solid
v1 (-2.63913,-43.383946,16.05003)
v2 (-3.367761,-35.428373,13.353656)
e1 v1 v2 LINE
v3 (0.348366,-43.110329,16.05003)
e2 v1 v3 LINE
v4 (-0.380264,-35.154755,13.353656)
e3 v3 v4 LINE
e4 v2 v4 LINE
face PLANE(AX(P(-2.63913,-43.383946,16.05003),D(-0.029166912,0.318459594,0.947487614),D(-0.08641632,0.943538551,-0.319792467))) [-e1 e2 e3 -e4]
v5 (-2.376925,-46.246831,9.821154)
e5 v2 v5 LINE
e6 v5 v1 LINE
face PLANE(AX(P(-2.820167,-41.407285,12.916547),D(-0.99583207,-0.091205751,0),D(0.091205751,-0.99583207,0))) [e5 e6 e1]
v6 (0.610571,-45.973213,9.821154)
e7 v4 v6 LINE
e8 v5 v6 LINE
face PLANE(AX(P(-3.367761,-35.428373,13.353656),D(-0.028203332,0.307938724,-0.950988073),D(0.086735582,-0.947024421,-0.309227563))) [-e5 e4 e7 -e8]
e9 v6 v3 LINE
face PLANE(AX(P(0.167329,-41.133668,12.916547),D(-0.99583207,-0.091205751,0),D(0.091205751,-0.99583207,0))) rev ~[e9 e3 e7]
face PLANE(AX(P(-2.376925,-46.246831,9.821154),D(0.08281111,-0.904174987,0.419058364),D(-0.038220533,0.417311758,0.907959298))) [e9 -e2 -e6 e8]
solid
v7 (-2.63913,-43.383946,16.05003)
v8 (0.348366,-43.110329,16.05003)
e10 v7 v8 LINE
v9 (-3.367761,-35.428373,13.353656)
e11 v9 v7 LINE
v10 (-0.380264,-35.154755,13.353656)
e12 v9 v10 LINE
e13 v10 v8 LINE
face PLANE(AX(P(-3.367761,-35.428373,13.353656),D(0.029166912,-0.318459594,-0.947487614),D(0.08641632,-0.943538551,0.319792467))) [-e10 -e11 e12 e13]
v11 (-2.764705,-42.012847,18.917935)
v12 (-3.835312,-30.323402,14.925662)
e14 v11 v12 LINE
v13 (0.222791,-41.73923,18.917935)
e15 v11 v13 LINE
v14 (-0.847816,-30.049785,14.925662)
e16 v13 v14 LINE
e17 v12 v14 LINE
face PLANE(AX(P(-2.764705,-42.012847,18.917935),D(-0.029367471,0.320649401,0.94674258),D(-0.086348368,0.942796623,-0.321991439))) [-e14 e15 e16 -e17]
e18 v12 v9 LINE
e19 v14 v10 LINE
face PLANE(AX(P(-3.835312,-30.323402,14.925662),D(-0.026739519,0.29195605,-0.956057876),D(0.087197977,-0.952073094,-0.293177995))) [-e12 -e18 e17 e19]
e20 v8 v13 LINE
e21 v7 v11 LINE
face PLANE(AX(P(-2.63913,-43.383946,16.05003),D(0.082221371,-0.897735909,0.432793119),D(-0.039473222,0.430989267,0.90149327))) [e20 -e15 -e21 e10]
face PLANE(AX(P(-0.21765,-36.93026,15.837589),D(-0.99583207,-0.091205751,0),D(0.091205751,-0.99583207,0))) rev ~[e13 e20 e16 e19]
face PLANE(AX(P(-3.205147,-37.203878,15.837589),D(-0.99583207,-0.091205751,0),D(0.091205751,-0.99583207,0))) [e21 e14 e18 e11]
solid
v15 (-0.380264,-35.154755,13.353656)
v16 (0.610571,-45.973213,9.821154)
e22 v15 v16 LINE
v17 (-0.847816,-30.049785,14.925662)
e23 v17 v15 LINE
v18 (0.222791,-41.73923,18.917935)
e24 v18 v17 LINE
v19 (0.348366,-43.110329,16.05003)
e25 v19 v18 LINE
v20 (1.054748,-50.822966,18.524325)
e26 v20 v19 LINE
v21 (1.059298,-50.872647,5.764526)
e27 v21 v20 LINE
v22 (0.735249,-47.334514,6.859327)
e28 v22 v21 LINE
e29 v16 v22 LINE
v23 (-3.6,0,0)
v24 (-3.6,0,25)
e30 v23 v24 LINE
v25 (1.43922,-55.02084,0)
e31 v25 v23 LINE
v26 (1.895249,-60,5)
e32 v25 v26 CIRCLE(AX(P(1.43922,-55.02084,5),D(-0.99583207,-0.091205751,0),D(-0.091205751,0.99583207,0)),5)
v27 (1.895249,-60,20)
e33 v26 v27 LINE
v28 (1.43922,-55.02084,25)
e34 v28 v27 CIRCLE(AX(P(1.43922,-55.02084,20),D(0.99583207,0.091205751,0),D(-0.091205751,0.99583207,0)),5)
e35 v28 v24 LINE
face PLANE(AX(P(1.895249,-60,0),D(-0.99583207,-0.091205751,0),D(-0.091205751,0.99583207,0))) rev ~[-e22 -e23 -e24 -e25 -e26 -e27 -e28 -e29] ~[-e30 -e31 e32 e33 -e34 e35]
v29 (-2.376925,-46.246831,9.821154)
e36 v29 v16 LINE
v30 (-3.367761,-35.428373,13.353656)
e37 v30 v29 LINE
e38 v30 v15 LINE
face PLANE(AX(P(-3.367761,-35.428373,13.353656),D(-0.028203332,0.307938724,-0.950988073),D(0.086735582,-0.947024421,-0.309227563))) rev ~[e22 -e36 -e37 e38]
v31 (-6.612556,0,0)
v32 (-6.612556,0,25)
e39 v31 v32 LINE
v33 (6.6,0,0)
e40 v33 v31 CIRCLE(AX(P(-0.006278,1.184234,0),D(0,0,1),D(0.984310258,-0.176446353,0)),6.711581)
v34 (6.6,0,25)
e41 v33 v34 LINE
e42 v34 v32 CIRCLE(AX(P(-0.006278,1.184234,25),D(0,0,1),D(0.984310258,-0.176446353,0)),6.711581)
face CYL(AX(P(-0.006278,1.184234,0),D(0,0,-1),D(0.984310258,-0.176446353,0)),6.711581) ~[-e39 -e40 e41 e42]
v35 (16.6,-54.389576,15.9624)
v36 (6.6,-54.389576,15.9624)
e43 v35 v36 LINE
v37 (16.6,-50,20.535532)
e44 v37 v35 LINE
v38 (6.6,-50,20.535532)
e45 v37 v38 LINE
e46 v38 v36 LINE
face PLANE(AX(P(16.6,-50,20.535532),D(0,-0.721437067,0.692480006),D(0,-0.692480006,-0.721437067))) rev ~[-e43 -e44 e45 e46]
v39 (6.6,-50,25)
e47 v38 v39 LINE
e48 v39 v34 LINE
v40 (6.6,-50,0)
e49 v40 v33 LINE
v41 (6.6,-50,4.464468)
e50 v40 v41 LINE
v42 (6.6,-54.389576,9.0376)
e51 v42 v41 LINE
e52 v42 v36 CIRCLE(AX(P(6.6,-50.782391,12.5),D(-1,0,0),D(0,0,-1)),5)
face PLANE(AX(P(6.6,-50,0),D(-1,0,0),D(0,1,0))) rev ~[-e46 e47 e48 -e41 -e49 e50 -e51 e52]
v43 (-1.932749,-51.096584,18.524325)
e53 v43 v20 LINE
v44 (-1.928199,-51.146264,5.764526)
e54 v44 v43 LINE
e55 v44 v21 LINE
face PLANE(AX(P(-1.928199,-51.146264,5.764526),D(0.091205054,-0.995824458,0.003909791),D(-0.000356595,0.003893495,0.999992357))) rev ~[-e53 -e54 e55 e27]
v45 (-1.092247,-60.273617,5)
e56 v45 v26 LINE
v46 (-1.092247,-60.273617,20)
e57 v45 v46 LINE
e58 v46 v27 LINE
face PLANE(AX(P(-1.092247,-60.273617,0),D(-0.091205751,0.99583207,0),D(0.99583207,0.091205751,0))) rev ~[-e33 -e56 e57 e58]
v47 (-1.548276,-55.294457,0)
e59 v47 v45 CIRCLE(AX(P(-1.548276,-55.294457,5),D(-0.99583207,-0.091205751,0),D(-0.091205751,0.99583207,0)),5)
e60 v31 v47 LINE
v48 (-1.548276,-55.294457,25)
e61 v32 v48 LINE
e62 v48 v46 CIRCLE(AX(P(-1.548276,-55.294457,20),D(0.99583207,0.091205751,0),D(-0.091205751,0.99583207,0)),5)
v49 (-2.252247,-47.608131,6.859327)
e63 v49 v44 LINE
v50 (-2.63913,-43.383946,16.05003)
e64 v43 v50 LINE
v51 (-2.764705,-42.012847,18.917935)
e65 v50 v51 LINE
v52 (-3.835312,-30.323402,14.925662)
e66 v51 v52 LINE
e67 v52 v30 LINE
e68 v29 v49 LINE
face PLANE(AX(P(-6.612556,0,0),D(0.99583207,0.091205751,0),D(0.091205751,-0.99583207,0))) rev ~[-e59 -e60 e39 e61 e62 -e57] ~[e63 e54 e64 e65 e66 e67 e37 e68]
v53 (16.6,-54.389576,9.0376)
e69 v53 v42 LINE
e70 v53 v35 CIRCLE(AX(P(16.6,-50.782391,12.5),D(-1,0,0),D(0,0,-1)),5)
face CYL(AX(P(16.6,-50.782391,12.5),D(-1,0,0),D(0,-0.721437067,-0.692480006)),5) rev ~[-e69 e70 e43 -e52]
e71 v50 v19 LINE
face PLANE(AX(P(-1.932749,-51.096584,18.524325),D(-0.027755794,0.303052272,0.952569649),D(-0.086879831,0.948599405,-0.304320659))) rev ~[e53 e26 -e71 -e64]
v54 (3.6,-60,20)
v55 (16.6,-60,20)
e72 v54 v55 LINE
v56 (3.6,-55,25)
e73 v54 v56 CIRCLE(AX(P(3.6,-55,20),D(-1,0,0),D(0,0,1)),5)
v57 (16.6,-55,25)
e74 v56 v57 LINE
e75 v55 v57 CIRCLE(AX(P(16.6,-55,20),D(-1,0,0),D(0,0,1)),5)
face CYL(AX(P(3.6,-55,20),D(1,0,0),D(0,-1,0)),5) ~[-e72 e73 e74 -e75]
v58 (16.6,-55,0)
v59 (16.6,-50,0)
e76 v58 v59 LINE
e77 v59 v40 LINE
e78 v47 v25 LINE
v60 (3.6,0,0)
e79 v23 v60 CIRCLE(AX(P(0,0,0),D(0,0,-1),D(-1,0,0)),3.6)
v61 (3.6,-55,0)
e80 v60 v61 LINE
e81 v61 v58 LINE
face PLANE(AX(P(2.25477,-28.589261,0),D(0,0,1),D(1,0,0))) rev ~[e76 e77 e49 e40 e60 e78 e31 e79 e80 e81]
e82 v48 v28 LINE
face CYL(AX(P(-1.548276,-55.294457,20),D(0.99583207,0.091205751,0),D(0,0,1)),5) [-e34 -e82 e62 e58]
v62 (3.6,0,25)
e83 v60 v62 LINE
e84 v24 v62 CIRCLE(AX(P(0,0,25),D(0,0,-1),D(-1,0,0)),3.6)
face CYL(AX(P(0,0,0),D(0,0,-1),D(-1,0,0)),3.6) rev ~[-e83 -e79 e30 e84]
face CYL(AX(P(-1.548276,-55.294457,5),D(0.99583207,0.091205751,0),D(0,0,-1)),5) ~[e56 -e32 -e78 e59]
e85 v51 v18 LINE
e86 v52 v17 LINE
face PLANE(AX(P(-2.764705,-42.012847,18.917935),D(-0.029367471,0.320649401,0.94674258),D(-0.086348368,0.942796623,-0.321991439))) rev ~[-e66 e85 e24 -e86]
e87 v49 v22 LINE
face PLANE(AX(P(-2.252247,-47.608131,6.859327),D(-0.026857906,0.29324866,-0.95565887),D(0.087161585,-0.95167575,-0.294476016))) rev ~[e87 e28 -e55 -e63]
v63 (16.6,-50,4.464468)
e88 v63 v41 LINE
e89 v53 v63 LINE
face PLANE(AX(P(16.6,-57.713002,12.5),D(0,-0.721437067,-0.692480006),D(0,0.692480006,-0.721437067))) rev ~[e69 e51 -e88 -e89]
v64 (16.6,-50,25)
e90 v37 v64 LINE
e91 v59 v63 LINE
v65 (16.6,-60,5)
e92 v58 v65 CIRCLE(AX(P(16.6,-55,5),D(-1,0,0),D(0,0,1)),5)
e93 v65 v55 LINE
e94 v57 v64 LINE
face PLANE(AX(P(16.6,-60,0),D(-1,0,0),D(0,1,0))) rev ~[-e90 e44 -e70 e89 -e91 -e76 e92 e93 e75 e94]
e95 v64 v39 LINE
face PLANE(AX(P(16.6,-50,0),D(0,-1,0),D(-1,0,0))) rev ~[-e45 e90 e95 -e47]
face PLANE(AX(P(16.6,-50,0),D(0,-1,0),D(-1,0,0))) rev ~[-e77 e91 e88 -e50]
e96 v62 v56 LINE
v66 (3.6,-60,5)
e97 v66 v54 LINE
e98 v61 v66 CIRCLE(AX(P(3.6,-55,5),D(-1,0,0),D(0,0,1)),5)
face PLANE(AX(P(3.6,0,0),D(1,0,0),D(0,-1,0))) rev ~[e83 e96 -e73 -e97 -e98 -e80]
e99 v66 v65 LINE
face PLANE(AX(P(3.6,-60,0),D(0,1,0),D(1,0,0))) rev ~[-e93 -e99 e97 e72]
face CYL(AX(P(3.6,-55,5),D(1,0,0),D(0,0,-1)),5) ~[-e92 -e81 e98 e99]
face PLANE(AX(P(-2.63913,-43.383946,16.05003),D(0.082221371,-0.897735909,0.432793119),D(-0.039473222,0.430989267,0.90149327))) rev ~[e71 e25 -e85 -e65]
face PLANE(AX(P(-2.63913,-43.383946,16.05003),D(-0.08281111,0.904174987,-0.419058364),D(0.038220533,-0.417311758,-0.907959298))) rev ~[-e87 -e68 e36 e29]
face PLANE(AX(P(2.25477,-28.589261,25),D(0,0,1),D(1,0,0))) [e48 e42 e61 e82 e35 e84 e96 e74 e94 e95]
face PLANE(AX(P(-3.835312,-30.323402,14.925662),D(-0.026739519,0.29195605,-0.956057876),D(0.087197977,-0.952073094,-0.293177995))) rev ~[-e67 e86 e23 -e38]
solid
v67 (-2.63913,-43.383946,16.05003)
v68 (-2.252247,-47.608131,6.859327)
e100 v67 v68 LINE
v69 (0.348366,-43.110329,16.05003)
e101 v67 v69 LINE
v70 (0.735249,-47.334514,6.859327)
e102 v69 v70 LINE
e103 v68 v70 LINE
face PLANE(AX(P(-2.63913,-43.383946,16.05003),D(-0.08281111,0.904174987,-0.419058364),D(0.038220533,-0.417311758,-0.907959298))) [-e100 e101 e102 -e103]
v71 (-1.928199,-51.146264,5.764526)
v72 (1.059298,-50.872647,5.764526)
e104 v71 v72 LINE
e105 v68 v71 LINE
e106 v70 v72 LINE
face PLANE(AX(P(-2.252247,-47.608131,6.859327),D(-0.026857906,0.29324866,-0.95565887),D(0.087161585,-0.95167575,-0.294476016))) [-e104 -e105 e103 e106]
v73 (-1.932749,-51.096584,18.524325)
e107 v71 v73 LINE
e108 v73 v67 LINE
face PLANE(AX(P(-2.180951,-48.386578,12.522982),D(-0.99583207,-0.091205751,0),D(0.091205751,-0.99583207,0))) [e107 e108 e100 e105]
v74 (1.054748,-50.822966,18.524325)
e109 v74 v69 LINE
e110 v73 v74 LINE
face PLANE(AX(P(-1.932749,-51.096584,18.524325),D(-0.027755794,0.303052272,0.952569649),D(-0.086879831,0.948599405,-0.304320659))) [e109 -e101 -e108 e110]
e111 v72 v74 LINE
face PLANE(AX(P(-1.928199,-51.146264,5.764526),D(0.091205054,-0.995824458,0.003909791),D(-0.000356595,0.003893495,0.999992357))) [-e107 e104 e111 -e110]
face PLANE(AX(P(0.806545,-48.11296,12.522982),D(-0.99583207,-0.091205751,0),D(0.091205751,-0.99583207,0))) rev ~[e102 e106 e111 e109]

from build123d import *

# Parameters (mm, degrees)
F1_DEPTH  = 25
F4_DEPTH  = 10
F5_R      = 5
F6_R      = 5
F9_DEPTH  = 3
F11_DEPTH = 3
F12_DEPTH = 3
F13_DEPTH = 3
F15_DEPTH = 3
F16_DEPTH = 3


with BuildPart() as f1:
    # F0 (on Top) → F1 (new body)
    with BuildSketch(Plane.XY):
        with BuildLine():
            ThreePointArc((-3.6, 0), (0, 3.6), (3.6, 0))
            Line((3.6, 0), (3.6, -60))
            Line((3.6, -60), (6.6, -60))
            Line((6.6, -60), (16.6, -60))
            Line((16.6, -60), (16.6, -50))
            Line((16.6, -50), (6.6, -50))
            Line((6.6, -50), (6.6, -46.6112606227))
            Line((6.6, -46.6112606227), (6.6, 0))
            ThreePointArc((6.6, 0), (-0.0062780621, 7.8958150293), (-6.6125561241, 0))
            Line((-6.6125561241, 0), (-1.092247319, -60.2736172538))
            Line((-1.092247319, -60.2736172538), (1.8952488899, -60))
            Line((1.8952488899, -60), (-3.6, 0))
        make_face()
    extrude(amount=F1_DEPTH)

    # F3 (on offset) → F4 (cut)
    with BuildSketch(Plane.YZ.offset(16.6)):
        Polygon((-50, 4.4644676149), (-50, 20.5355323851), (-57.7130019665, 12.5), align=None)
    extrude(amount=-F4_DEPTH, mode=Mode.SUBTRACT)

    # F5
    f5_edges = [f1.edges().sort_by_distance(p)[0] for p in [
        (11.6, -57.713002, 12.5),
    ]]
    fillet(f5_edges, radius=F5_R)

    # F6
    f6_edges = [f1.edges().sort_by_distance(p)[0] for p in [
        (10.1, -60, 25),
        (0.401501, -60.136809, 25),
        (0.401501, -60.136809, 0),
        (10.1, -60, 0),
    ]]
    fillet(f6_edges, radius=F6_R)

    # F8 (on offset) → F9 (cut)
    with BuildSketch(Plane(origin=(-6.5575496483, -0.6005894571, 0), x_dir=(0.0912057513, -0.9958320696, 0), z_dir=(-0.9958320696, -0.0912057513, 0))):
        Polygon((50.7572274613, 5.7645259433), (50.7073389376, 18.5243248538), (42.9624207318, 16.050029546), (47.2042858601, 6.8593267351), align=None)
    extrude(amount=-F9_DEPTH, mode=Mode.SUBTRACT)

    # F10 (on offset) → F12 (cut)
    with BuildSketch(Plane(origin=(-6.5575496483, -0.6005894571, 0), x_dir=(0.0912057513, -0.9958320696, 0), z_dir=(-0.9958320696, -0.0912057513, 0))):
        Polygon((34.9735505879, 13.3536560461), (45.8372877534, 9.8211543656), (42.9624207318, 16.050029546), align=None)
    extrude(amount=-F12_DEPTH, mode=Mode.SUBTRACT)

    # F14 (on offset) → F15 (cut)
    with BuildSketch(Plane(origin=(-6.5575496483, -0.6005894571, 0), x_dir=(0.0912057513, -0.9958320696, 0), z_dir=(-0.9958320696, -0.0912057513, 0))):
        Polygon((34.9735505879, 13.3536560461), (42.9624207318, 16.050029546), (41.5855832398, 18.9179349691), (29.8472139984, 14.9256624281), align=None)
    extrude(amount=-F15_DEPTH, mode=Mode.SUBTRACT)


with BuildPart() as f11:
    # F8 (on offset) → F11 (new body)
    with BuildSketch(Plane(origin=(-6.5575496483, -0.6005894571, 0), x_dir=(0.0912057513, -0.9958320696, 0), z_dir=(-0.9958320696, -0.0912057513, 0))):
        Polygon((50.7572274613, 5.7645259433), (50.7073389376, 18.5243248538), (42.9624207318, 16.050029546), (47.2042858601, 6.8593267351), align=None)
    extrude(amount=-F11_DEPTH)


with BuildPart() as f13:
    # F10 (on offset) → F13 (new body)
    with BuildSketch(Plane(origin=(-6.5575496483, -0.6005894571, 0), x_dir=(0.0912057513, -0.9958320696, 0), z_dir=(-0.9958320696, -0.0912057513, 0))):
        Polygon((34.9735505879, 13.3536560461), (45.8372877534, 9.8211543656), (42.9624207318, 16.050029546), align=None)
    extrude(amount=-F13_DEPTH)


with BuildPart() as f16:
    # F14 (on offset) → F16 (new body)
    with BuildSketch(Plane(origin=(-6.5575496483, -0.6005894571, 0), x_dir=(0.0912057513, -0.9958320696, 0), z_dir=(-0.9958320696, -0.0912057513, 0))):
        Polygon((34.9735505879, 13.3536560461), (42.9624207318, 16.050029546), (41.5855832398, 18.9179349691), (29.8472139984, 14.9256624281), align=None)
    extrude(amount=-F16_DEPTH)


solid = Compound([f1.part, f11.part, f13.part, f16.part])
